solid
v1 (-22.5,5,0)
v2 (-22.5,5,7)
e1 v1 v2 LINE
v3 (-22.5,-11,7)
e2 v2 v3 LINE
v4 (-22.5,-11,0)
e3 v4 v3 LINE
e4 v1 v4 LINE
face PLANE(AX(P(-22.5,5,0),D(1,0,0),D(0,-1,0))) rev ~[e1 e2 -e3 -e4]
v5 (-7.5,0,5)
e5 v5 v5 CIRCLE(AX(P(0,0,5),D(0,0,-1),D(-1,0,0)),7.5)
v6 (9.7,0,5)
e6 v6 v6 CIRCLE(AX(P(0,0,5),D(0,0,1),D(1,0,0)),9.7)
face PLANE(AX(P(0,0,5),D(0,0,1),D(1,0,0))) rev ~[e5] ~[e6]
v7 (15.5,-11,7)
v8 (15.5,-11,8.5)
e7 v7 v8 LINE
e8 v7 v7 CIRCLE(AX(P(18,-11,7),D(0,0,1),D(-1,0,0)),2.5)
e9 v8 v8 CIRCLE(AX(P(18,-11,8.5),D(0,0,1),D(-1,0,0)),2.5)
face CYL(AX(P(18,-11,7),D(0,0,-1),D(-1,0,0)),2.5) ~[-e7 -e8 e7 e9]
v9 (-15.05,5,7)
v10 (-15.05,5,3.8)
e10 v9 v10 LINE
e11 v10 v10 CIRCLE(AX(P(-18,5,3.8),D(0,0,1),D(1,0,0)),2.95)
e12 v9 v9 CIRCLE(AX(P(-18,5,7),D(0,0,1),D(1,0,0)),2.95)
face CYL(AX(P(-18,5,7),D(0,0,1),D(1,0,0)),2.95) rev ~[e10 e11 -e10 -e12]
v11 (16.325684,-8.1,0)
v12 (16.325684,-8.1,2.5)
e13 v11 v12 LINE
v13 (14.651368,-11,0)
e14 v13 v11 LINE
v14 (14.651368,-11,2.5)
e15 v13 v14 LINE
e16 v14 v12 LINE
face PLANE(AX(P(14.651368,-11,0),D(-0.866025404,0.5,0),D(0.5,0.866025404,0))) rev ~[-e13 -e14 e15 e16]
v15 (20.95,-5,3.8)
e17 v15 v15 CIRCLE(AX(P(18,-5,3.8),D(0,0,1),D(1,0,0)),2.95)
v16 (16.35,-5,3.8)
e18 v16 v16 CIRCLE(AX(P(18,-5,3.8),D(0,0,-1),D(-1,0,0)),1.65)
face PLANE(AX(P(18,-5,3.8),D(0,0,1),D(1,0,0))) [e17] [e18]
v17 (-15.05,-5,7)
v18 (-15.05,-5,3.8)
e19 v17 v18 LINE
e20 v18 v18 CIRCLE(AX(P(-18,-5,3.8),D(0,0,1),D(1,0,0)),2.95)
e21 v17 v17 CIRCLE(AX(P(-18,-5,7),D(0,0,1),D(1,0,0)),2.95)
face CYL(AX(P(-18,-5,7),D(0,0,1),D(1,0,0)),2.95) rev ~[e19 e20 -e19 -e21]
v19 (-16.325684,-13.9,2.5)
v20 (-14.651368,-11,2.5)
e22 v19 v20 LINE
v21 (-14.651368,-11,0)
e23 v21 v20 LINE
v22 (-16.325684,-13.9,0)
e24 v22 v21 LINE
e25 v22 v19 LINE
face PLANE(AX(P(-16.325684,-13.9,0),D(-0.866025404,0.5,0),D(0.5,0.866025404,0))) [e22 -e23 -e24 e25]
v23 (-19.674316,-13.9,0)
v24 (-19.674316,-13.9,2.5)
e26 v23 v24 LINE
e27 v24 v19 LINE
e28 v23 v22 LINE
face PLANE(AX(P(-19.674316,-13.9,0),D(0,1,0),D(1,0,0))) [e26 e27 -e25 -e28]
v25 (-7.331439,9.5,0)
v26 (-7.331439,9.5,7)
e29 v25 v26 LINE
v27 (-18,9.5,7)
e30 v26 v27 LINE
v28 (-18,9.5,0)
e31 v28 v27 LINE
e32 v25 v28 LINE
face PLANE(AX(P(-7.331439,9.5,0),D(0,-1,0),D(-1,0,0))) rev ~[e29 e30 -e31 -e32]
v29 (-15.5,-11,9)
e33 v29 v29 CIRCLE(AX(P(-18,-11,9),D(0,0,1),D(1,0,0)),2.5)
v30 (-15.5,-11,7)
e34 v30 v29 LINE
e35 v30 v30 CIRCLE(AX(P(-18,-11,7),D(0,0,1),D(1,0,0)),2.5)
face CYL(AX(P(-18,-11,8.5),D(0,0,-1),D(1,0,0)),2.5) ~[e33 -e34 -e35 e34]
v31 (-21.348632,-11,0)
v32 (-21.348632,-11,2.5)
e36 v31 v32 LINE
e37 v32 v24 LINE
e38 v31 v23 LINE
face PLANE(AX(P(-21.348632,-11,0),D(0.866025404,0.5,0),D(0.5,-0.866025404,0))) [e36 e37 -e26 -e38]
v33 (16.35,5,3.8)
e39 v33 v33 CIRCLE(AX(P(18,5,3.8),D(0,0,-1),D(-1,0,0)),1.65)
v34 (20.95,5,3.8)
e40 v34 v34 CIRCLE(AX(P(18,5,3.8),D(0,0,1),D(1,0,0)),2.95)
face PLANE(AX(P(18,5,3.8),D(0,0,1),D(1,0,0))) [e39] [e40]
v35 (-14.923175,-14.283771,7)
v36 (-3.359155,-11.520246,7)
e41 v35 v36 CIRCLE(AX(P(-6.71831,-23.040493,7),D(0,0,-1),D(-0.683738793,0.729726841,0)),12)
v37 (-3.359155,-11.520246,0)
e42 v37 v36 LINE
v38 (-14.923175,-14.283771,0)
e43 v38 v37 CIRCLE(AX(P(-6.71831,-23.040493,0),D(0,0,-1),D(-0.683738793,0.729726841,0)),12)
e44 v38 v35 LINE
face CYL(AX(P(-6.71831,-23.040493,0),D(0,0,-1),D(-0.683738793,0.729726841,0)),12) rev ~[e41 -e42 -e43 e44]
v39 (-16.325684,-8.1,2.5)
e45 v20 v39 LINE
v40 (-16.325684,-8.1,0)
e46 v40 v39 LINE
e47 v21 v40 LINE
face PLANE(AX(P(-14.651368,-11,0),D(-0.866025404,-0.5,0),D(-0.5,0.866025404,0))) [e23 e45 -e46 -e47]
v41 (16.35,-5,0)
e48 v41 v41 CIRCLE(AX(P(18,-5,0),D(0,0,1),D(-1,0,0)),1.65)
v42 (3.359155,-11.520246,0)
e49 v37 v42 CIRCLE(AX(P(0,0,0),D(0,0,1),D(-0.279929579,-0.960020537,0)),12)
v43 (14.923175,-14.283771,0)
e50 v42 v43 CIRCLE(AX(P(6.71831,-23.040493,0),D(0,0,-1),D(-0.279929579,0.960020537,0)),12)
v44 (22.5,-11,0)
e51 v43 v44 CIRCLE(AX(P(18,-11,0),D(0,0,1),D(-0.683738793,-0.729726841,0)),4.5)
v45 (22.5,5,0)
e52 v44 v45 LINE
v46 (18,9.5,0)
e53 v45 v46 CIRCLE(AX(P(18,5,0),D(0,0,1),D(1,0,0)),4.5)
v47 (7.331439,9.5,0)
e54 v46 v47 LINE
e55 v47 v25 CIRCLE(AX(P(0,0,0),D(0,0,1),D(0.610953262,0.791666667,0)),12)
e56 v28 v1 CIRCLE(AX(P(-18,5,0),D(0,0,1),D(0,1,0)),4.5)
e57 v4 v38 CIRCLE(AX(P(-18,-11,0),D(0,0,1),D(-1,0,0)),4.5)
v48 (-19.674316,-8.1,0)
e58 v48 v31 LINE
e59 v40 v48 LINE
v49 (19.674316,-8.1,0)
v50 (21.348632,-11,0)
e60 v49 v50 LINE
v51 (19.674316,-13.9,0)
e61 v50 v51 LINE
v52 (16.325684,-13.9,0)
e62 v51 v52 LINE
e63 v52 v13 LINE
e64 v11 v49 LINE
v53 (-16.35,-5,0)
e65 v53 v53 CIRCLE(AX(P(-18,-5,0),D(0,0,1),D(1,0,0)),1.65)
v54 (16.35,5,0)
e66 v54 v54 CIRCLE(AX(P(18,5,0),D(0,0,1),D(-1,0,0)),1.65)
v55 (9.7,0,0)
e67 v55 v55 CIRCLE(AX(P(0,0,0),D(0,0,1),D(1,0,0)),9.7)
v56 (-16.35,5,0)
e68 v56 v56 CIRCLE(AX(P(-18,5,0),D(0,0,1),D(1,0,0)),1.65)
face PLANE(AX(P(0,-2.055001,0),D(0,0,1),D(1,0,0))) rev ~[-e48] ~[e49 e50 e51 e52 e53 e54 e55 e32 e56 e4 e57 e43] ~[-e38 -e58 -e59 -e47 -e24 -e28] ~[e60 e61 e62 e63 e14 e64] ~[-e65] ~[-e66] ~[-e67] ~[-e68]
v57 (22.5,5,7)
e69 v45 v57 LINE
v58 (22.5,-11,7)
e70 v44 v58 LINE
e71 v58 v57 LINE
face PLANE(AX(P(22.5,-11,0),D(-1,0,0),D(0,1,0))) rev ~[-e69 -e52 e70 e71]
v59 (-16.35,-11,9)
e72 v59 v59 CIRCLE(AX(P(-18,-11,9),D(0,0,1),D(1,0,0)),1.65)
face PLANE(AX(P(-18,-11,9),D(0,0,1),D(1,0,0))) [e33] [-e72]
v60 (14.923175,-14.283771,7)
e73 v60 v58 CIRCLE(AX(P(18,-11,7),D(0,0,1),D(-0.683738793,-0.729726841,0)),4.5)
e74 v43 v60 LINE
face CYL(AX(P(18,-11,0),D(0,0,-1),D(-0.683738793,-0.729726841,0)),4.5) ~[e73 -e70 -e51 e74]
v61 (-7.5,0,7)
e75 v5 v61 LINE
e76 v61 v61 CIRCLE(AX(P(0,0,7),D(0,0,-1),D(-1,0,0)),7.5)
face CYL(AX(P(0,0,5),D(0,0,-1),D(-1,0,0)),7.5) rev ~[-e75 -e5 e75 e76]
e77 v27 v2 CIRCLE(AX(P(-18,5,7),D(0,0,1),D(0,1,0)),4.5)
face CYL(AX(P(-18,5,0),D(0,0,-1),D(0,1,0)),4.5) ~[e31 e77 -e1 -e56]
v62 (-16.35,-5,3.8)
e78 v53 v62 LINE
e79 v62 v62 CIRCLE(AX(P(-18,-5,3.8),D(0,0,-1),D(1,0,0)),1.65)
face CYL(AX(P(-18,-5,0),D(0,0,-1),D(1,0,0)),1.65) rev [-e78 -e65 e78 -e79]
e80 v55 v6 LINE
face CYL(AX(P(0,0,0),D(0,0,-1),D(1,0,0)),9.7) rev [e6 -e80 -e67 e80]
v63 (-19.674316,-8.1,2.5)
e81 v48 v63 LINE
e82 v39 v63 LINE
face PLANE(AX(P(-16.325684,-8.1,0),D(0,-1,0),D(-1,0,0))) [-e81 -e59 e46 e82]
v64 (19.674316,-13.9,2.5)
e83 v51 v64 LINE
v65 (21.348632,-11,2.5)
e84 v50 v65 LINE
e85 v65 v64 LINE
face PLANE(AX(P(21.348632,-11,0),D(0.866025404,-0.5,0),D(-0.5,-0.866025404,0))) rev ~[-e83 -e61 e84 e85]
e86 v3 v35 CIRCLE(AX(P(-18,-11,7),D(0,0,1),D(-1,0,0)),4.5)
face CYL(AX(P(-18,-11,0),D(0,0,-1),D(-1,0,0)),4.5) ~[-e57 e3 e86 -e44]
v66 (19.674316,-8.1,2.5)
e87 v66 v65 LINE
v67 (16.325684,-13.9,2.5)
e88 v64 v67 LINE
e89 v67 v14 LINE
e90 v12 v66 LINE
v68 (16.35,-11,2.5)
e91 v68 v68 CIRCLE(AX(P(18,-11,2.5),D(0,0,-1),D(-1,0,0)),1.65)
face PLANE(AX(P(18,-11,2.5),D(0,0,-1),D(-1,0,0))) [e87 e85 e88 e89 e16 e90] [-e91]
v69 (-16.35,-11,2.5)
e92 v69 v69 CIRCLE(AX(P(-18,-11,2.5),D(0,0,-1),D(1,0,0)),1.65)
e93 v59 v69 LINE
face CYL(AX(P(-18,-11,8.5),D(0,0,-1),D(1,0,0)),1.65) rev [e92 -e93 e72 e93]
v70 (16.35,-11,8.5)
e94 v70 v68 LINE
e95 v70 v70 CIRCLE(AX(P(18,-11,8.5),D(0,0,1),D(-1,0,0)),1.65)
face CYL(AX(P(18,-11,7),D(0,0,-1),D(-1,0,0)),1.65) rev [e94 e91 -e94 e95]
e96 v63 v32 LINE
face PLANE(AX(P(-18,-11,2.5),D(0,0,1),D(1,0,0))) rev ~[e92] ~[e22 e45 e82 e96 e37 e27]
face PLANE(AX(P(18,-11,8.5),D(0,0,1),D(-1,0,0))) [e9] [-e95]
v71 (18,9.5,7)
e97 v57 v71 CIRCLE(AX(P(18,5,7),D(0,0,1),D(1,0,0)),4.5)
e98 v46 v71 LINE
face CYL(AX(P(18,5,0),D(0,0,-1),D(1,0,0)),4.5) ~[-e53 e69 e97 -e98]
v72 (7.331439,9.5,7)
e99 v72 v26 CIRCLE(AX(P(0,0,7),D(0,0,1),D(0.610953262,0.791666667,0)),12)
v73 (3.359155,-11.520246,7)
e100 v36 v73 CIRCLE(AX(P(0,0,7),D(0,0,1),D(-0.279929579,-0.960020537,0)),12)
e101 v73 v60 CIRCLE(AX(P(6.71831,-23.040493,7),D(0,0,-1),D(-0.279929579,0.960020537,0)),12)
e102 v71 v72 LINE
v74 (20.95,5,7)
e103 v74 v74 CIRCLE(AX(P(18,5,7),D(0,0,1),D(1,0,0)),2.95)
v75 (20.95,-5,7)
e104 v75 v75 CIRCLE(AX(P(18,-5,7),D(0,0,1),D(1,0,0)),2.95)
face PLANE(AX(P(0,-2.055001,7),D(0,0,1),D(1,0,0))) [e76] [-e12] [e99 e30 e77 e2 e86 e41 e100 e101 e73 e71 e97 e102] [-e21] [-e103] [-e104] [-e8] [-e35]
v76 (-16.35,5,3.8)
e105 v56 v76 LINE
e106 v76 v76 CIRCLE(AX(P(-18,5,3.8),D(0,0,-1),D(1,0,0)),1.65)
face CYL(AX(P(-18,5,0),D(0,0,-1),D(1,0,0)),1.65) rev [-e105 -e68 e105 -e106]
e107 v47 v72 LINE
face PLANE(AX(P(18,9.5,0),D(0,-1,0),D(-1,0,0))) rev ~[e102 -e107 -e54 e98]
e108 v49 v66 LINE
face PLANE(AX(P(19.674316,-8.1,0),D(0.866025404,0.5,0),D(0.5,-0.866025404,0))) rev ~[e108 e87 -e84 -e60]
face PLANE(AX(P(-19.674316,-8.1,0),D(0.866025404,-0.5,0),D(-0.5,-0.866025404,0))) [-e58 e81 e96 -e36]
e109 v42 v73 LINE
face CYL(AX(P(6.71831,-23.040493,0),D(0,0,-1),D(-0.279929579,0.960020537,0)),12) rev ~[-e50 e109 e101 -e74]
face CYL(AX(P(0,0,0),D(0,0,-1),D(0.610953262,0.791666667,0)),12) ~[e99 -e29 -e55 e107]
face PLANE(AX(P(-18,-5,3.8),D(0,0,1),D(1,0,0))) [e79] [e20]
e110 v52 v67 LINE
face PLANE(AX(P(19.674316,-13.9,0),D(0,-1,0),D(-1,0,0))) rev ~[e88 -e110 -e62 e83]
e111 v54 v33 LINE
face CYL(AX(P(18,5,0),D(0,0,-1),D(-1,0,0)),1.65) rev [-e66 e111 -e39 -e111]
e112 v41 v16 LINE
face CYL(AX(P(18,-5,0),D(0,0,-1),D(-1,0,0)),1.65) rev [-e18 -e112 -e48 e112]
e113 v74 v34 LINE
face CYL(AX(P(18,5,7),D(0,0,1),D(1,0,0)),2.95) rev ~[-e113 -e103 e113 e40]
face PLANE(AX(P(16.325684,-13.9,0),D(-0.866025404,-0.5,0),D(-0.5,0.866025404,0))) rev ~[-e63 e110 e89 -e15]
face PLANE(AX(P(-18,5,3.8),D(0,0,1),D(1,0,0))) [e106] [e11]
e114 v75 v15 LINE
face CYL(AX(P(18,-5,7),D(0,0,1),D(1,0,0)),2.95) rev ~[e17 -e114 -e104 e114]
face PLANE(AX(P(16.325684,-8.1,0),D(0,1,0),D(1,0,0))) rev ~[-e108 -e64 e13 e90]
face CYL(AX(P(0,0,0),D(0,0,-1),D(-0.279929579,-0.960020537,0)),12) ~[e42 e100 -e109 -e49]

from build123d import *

# Parameters (mm, degrees)
SKETCH2_R           = 1.65
BOSS_EXTRUDE1_DEPTH = 7
SKETCH3_R           = 9.7
CUT_EXTRUDE1_DEPTH  = 5
SKETCH4_R           = 7.5
CUT_EXTRUDE2_DEPTH  = 5
CUT_EXTRUDE3_DEPTH  = 2.5
SKETCH8_R           = 2.95
CUT_EXTRUDE4_DEPTH  = 3.2
SKETCH9_R           = 2.5
SKETCH9_R_2         = 1.65
BOSS_EXTRUDE2_DEPTH = 1.5
MOVE_FACE1_BY       = 0.5


with BuildPart() as part:
    # Sketch2 → Boss-Extrude1 (new body)
    with BuildSketch(Plane.XY):
        with BuildLine():
            Line((-7.331439149, 9.5), (-18, 9.5))
            ThreePointArc((-18, 9.5), (-21.181980515, 8.181980515), (-22.5, 5))
            Line((-22.5, 5), (-22.5, -11))
            ThreePointArc((-22.5, -11), (-19.789453748, -15.128904853), (-14.92317543, -14.283770784))
            ThreePointArc((-14.92317543, -14.283770784), (-9.507484415, -11.369138817), (-3.359154955, -11.520246438))
            ThreePointArc((-3.359154955, -11.520246438), (0, -12), (3.359154955, -11.520246438))
            ThreePointArc((3.359154955, -11.520246438), (9.507484415, -11.369138817), (14.92317543, -14.283770784))
            ThreePointArc((14.92317543, -14.283770784), (19.789453748, -15.128904853), (22.5, -11))
            Line((22.5, -11), (22.5, 5))
            ThreePointArc((22.5, 5), (21.181980515, 8.181980515), (18, 9.5))
            Line((18, 9.5), (7.331439149, 9.5))
            ThreePointArc((7.331439149, 9.5), (0, 12), (-7.331439149, 9.5))
        make_face()
        with Locations((-18, 5)):
            Circle(SKETCH2_R, mode=Mode.SUBTRACT)
        with Locations((-18, -11)):
            Circle(SKETCH2_R, mode=Mode.SUBTRACT)
        with Locations((-18, -5)):
            Circle(SKETCH2_R, mode=Mode.SUBTRACT)
        with Locations(Location((18, -5, 0), (0, 0, 180))):
            Circle(SKETCH2_R, mode=Mode.SUBTRACT)
        with Locations(Location((18, -11, 0), (0, 0, 180))):
            Circle(SKETCH2_R, mode=Mode.SUBTRACT)
        with Locations(Location((18, 5, 0), (0, 0, 180))):
            Circle(SKETCH2_R, mode=Mode.SUBTRACT)
    extrude(amount=BOSS_EXTRUDE1_DEPTH)

    # Sketch3 → Cut-Extrude1 (cut)
    with BuildSketch(Plane.XY):
        Circle(SKETCH3_R)
    extrude(amount=CUT_EXTRUDE1_DEPTH, mode=Mode.SUBTRACT)

    # Sketch4 → Cut-Extrude2 (cut)
    with BuildSketch(Plane(origin=(0, 0, 5), x_dir=(-1, 0, 0), z_dir=(0, 0, -1))):
        Circle(SKETCH4_R)
    extrude(amount=-CUT_EXTRUDE2_DEPTH, mode=Mode.SUBTRACT)

    # Sketch6 → Cut-Extrude3 (cut)
    with BuildSketch(Plane(origin=(0, 0, 0), x_dir=(-1, 0, 0), z_dir=(0, 0, -1))):
        Polygon((-16.325684219, -8.1), (-19.674315781, -8.1), (-21.348631561, -11), (-19.674315781, -13.9), (-16.325684219, -13.9), (-14.651368439, -11), align=None)
        Polygon((14.651368439, -11), (16.325684219, -8.1), (19.674315781, -8.1), (21.348631561, -11), (19.674315781, -13.9), (16.325684219, -13.9), align=None)
    extrude(amount=-CUT_EXTRUDE3_DEPTH, mode=Mode.SUBTRACT)

    # Sketch8 → Cut-Extrude4 (cut)
    with BuildSketch(Plane.XY.offset(7)):
        with Locations((18, -5)):
            Circle(SKETCH8_R)
        with Locations((18, 5)):
            Circle(SKETCH8_R)
        with Locations((-18, 5)):
            Circle(SKETCH8_R)
        with Locations((-18, -5)):
            Circle(SKETCH8_R)
    extrude(amount=-CUT_EXTRUDE4_DEPTH, mode=Mode.SUBTRACT)

    # Sketch9 → Boss-Extrude2 (add)
    with BuildSketch(Plane.XY.offset(7)):
        with Locations((-18, -11)):
            Circle(SKETCH9_R)
        with Locations((-18, -11)):
            Circle(SKETCH9_R_2, mode=Mode.SUBTRACT)
        with Locations(Location((18, -11, 0), (0, 0, 180))):
            Circle(SKETCH9_R)
        with Locations(Location((18, -11, 0), (0, 0, 180))):
            Circle(SKETCH9_R_2, mode=Mode.SUBTRACT)
    extrude(amount=BOSS_EXTRUDE2_DEPTH)

    # Move Face1: a face moved outward by 0.5
    extrude(part.faces().sort_by_distance((-18, -13, 8.5))[0], amount=MOVE_FACE1_BY, dir=(0, 0, 1))


solid = part.part
